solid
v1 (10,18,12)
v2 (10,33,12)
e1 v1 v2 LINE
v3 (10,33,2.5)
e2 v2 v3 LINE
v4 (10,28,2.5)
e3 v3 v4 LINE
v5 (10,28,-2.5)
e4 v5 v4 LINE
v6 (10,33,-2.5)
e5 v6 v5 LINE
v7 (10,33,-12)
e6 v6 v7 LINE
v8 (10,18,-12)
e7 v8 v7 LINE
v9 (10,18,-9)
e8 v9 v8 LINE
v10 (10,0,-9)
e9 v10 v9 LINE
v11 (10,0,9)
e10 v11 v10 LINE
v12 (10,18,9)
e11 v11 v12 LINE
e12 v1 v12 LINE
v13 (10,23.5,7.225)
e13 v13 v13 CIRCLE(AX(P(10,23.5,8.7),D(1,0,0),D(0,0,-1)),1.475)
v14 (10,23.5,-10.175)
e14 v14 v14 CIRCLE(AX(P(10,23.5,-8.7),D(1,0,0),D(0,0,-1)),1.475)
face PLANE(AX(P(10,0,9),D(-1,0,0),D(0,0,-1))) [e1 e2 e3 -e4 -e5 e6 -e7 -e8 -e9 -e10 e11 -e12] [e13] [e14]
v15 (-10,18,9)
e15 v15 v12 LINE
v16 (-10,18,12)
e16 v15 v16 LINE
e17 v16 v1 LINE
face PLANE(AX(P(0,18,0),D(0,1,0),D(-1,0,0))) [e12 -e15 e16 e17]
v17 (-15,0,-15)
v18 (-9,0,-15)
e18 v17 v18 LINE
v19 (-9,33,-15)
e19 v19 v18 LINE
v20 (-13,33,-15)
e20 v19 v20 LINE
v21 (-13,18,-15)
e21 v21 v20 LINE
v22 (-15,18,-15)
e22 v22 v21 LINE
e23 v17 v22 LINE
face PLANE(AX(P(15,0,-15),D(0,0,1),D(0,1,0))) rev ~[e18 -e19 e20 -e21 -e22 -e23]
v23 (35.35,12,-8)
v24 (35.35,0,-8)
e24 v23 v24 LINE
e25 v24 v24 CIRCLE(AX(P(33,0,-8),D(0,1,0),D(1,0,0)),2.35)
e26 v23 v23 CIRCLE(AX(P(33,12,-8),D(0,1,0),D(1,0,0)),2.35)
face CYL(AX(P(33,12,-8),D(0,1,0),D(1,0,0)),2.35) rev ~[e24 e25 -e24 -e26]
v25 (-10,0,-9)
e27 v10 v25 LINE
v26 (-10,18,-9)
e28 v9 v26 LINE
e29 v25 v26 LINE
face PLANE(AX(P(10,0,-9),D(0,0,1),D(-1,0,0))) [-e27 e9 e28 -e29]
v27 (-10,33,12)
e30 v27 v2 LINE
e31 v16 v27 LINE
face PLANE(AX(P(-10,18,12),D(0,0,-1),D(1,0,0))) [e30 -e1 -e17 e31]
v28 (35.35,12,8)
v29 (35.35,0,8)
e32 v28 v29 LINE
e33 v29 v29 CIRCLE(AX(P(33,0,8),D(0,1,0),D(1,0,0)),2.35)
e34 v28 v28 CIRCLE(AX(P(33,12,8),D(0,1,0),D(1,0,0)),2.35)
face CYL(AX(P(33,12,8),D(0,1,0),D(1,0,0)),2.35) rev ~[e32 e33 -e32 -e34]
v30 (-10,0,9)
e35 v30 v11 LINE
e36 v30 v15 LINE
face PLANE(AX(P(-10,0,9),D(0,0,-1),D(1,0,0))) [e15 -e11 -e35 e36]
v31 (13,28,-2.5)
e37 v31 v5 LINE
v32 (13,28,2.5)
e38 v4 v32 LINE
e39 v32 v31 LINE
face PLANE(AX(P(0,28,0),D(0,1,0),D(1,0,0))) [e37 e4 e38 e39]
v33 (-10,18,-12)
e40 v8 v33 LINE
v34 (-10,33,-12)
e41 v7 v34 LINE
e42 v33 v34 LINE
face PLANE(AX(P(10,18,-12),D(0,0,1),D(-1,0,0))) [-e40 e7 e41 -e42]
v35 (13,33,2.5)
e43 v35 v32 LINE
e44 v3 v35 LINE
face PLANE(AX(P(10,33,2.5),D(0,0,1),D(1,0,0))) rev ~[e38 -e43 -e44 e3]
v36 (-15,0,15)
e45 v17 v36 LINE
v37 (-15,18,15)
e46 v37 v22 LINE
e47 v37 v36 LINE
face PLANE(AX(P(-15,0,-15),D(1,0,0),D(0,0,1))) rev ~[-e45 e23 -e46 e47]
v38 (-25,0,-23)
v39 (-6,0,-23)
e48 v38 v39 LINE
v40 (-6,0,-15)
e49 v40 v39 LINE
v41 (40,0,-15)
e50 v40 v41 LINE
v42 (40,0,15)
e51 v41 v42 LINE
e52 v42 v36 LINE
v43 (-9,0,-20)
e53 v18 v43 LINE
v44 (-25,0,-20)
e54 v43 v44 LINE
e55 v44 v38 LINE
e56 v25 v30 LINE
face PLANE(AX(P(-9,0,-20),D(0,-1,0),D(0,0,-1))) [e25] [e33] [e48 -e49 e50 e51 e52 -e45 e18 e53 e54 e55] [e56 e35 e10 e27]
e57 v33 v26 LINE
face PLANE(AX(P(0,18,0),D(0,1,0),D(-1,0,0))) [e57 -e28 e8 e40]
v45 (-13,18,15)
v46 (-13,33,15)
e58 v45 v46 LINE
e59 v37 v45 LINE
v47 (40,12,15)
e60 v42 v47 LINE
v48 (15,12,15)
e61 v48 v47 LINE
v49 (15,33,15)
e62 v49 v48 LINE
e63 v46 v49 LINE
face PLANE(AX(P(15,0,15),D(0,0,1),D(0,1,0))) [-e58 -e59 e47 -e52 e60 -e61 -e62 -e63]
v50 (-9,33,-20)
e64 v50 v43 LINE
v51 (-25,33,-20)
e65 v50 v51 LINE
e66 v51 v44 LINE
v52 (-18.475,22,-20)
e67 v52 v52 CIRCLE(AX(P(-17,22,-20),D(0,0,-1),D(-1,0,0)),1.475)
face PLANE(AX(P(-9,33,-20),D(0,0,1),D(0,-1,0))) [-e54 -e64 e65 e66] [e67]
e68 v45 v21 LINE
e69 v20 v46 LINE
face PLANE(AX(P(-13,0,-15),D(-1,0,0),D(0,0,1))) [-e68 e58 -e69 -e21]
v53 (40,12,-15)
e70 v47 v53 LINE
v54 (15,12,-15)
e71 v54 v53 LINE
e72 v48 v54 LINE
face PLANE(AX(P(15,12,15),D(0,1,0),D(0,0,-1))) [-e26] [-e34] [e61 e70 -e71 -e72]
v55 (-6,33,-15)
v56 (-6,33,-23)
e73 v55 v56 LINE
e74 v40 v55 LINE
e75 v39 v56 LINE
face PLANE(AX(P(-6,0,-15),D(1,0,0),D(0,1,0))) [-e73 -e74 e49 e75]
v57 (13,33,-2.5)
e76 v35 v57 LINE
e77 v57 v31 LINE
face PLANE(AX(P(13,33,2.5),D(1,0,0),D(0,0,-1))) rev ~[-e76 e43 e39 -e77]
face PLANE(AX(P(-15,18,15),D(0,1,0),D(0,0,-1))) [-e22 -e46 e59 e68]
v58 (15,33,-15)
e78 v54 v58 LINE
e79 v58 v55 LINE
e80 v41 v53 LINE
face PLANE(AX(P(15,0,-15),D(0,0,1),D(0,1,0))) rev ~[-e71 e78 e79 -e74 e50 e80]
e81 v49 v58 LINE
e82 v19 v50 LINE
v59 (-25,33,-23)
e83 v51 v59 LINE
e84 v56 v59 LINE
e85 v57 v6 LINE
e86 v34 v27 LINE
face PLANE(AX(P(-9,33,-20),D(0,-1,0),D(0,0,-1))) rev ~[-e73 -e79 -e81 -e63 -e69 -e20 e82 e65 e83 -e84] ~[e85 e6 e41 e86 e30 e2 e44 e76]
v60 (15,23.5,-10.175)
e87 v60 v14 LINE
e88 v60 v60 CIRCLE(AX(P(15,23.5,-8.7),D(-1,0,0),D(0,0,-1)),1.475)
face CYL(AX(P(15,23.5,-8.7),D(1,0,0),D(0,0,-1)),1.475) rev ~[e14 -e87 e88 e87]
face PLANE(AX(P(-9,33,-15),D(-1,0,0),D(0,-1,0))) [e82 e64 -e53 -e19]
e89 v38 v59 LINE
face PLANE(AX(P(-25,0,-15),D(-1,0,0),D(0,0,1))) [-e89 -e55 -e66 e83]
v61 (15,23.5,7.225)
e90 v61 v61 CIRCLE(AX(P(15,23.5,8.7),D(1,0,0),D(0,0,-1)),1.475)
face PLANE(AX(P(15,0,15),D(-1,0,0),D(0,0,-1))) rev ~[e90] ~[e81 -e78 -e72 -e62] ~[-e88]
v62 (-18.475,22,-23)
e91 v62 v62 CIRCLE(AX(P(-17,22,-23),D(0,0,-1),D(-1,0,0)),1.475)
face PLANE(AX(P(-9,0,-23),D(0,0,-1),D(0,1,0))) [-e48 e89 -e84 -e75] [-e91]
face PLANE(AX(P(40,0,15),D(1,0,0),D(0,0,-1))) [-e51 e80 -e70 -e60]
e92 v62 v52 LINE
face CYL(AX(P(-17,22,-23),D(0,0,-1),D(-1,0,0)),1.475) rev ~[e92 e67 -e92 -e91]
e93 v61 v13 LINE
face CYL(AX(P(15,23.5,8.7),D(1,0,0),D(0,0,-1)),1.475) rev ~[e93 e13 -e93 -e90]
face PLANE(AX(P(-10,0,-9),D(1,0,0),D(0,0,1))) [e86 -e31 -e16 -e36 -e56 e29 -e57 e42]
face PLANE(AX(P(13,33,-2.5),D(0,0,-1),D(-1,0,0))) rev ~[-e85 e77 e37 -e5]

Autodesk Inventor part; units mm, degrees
ref_plane "YZ Plane" through (0, 0, 0) normal (1, 0, 0) x (0, 1, 0)
ref_plane "XZ Plane" through (0, 0, 0) normal (0, 1, 0) x (-1, 0, 0)
ref_plane "XY Plane" through (0, 0, 0) normal (0, 0, 1) x (1, 0, 0)
sketch "Boceto1" plane through (0, 0, 0) normal (0, 1, 0) x (-1, 0, 0)
  line L0 (-10, -9) -> (10, -9)
  line L1 (10, -9) -> (10, 9)
  line L2 (10, 9) -> (-10, 9)
  line L3 (-10, 9) -> (-10, -9)
  line L4 (-10, -9) -> (10, 9) construction
  line L5 (10, -9) -> (-10, 9) construction
  line L6 (-15, -15) -> (15, -15)
  line L7 (15, -15) -> (15, 15)
  line L8 (15, 15) -> (-15, 15)
  line L9 (-15, 15) -> (-15, -15)
  line L10 (-15, -15) -> (15, 15) construction
  line L11 (15, -15) -> (-15, 15) construction
  point P0 (0, 0)
  dimension "d0" = 20
  dimension "d1" = 18
  dimension "d2" = 30
  dimension "d3" = 30
extrude "Extrusión1" add sketch "Boceto1" along normal blind 18
sketch "Boceto2" plane through (0, 18, 0) normal (0, 1, 0) x (1, 0, 0)
  line L0 (10, 12) -> (-10, 12)
  line L1 (-10, 12) -> (-10, -12)
  line L2 (-10, -12) -> (10, -12)
  line L3 (10, -12) -> (10, 12)
  line L4 (10, 12) -> (-10, -12) construction
  line L5 (-10, 12) -> (10, -12) construction
  line L6 (-15, 15) -> (-15, -15) projected
  line L7 (-15, -15) -> (15, -15) projected
  line L8 (15, -15) -> (15, 15) projected
  line L9 (15, 15) -> (-15, 15) projected
  line L10 (10, 9) -> (10, -9) projected
  line L11 (10, -9) -> (-10, -9) projected
  line L12 (-10, -9) -> (-10, 9) projected
  line L13 (-10, 9) -> (10, 9) projected
  point P0 (0, 0)
  dimension "d6" = 20
  dimension "d7" = 24
extrude "Extrusión2" add sketch "Boceto2" along normal blind 15
sketch "Boceto4" plane through (15, 0, 15) normal (1, 0, 0) x (0, 0, -1)
  line L0 (30, 0) -> (30, 33) projected
  line L1 (0, 0) -> (0, 33) projected
  line L2 (30, 0) -> (0, 0)
  line L3 (0, 0) -> (0, 12)
  line L4 (0, 12) -> (30, 12)
  line L5 (30, 12) -> (30, 0)
  point P0 (15, 0)
  dimension "d13" = 12
extrude "Extrusión4" add sketch "Boceto4" along normal blind 25
sketch "Boceto5" plane through (15, 12, 15) normal (0, 1, 0) x (1, 0, 0)
  circle A0 centre (18, 7) radius 2.35
  circle A1 centre (18, 23) radius 2.35
  line L0 (25, 30) -> (25, 0) projected
  line L1 (0, 0) -> (25, 0) projected
  line L2 (0, 30) -> (25, 30) projected
  point P0 (-15, 15)
  dimension "d16" = 4.7
  dimension "d17" = 4.7
  dimension "d18" = 7
  dimension "d19" = 7
  dimension "d20" = 7
  dimension "d21" = 7
extrude "Extrusión5" cut sketch "Boceto5" against normal through all
sketch "Boceto6" plane through (0, 33, 0) normal (0, 1, 0) x (1, 0, 0)
  line L0 (10, 9) -> (10, -9) projected
  line L1 (10, -2.5) -> (13, -2.5)
  line L2 (13, -2.5) -> (13, 2.5)
  line L3 (13, 2.5) -> (10, 2.5)
  line L4 (10, 2.5) -> (10, -2.5)
  point P0 (0, 0)
  point P1 (10, 0)
  dimension "d24" = 5
  dimension "d25" = 3
extrude "Extrusión6" cut sketch "Boceto6" against normal blind 5
sketch "Boceto7" plane through (15, 33, 15) normal (1, 0, 0) x (0, 0, -1)
  circle A0 centre (6.3, -9.5) radius 1.475
  circle A1 centre (23.7, -9.5) radius 1.475
  line L0 (30, -21) -> (0, -21) projected
  line L1 (0, -21) -> (0, 0) projected
  line L2 (30, -21) -> (30, 0) projected
  line L3 (6.3, -9.5) -> (23.7, -9.5)
  line L4 (0, -33) -> (30, -33) projected
  point P0 (15, -33)
  point P1 (15, -9.5)
  point P2 (15, -33)
  dimension "d28" = 2.95
  dimension "d30" = 11.5
  dimension "d32" = 11.5
  dimension "d34" = 17.4
extrude "Extrusión7" cut sketch "Boceto7" against normal blind 5
sketch "Boceto8" plane through (-15, 0, -15) normal (-1, 0, 0) x (0, 0, 1)
  line L0 (0, 33) -> (30, 33) projected
  line L1 (30, 12) -> (30, 33) projected
  line L2 (0, 33) -> (30, 33)
  line L3 (30, 33) -> (30, 18)
  line L4 (30, 18) -> (0, 18)
  line L5 (0, 18) -> (0, 33)
  point P0 (15, 0)
  dimension "d43" = 15
extrude "Extrusión8" cut sketch "Boceto8" against normal blind 2
sketch "Boceto9" plane through (40, 0, -15) normal (0, 0, -1) x (-1, 0, 0)
  line L0 (50, 33) -> (30, 33) projected
  line L1 (46, 33) -> (49, 33)
  line L2 (49, 33) -> (49, 0)
  line L3 (49, 0) -> (46, 0)
  line L4 (46, 0) -> (46, 33)
  line L5 (53, 18) -> (53, 33) projected
  point P0 (40, 0)
  dimension "d46" = 3
  dimension "d47" = 4
extrude "Extrusión9" add sketch "Boceto9" along normal blind 8
sketch "Boceto10" plane through (-9, 0, -15) normal (-1, 0, 0) x (0, 0, 1)
  line L0 (0, 33) -> (-8, 33) projected
  line L1 (0, 0) -> (-8, 0) projected
  line L2 (-8, 33) -> (-5, 33)
  line L3 (-5, 33) -> (-5, 0)
  line L4 (-5, 0) -> (-8, 0)
  line L5 (-8, 0) -> (-8, 33)
  point P0 (15, 0)
  point P1 (-8, 0)
  dimension "d50" = 3
extrude "Extrusión10" add sketch "Boceto10" along normal blind 16
sketch "Boceto11" plane through (40, 0, -23) normal (0, 0, -1) x (-1, 0, 0)
  circle A0 centre (57, 22) radius 1.475
  line L0 (46, 33) -> (65, 33) projected
  line L1 (46, 33) -> (46, 0) projected
  point P0 (40, 0)
  dimension "d53" = 2.95
  dimension "d54" = 11
  dimension "d55" = 11
extrude "Extrusión11" cut sketch "Boceto11" against normal up to surface (3 mm away)
properties part number "Soporte_motor"
